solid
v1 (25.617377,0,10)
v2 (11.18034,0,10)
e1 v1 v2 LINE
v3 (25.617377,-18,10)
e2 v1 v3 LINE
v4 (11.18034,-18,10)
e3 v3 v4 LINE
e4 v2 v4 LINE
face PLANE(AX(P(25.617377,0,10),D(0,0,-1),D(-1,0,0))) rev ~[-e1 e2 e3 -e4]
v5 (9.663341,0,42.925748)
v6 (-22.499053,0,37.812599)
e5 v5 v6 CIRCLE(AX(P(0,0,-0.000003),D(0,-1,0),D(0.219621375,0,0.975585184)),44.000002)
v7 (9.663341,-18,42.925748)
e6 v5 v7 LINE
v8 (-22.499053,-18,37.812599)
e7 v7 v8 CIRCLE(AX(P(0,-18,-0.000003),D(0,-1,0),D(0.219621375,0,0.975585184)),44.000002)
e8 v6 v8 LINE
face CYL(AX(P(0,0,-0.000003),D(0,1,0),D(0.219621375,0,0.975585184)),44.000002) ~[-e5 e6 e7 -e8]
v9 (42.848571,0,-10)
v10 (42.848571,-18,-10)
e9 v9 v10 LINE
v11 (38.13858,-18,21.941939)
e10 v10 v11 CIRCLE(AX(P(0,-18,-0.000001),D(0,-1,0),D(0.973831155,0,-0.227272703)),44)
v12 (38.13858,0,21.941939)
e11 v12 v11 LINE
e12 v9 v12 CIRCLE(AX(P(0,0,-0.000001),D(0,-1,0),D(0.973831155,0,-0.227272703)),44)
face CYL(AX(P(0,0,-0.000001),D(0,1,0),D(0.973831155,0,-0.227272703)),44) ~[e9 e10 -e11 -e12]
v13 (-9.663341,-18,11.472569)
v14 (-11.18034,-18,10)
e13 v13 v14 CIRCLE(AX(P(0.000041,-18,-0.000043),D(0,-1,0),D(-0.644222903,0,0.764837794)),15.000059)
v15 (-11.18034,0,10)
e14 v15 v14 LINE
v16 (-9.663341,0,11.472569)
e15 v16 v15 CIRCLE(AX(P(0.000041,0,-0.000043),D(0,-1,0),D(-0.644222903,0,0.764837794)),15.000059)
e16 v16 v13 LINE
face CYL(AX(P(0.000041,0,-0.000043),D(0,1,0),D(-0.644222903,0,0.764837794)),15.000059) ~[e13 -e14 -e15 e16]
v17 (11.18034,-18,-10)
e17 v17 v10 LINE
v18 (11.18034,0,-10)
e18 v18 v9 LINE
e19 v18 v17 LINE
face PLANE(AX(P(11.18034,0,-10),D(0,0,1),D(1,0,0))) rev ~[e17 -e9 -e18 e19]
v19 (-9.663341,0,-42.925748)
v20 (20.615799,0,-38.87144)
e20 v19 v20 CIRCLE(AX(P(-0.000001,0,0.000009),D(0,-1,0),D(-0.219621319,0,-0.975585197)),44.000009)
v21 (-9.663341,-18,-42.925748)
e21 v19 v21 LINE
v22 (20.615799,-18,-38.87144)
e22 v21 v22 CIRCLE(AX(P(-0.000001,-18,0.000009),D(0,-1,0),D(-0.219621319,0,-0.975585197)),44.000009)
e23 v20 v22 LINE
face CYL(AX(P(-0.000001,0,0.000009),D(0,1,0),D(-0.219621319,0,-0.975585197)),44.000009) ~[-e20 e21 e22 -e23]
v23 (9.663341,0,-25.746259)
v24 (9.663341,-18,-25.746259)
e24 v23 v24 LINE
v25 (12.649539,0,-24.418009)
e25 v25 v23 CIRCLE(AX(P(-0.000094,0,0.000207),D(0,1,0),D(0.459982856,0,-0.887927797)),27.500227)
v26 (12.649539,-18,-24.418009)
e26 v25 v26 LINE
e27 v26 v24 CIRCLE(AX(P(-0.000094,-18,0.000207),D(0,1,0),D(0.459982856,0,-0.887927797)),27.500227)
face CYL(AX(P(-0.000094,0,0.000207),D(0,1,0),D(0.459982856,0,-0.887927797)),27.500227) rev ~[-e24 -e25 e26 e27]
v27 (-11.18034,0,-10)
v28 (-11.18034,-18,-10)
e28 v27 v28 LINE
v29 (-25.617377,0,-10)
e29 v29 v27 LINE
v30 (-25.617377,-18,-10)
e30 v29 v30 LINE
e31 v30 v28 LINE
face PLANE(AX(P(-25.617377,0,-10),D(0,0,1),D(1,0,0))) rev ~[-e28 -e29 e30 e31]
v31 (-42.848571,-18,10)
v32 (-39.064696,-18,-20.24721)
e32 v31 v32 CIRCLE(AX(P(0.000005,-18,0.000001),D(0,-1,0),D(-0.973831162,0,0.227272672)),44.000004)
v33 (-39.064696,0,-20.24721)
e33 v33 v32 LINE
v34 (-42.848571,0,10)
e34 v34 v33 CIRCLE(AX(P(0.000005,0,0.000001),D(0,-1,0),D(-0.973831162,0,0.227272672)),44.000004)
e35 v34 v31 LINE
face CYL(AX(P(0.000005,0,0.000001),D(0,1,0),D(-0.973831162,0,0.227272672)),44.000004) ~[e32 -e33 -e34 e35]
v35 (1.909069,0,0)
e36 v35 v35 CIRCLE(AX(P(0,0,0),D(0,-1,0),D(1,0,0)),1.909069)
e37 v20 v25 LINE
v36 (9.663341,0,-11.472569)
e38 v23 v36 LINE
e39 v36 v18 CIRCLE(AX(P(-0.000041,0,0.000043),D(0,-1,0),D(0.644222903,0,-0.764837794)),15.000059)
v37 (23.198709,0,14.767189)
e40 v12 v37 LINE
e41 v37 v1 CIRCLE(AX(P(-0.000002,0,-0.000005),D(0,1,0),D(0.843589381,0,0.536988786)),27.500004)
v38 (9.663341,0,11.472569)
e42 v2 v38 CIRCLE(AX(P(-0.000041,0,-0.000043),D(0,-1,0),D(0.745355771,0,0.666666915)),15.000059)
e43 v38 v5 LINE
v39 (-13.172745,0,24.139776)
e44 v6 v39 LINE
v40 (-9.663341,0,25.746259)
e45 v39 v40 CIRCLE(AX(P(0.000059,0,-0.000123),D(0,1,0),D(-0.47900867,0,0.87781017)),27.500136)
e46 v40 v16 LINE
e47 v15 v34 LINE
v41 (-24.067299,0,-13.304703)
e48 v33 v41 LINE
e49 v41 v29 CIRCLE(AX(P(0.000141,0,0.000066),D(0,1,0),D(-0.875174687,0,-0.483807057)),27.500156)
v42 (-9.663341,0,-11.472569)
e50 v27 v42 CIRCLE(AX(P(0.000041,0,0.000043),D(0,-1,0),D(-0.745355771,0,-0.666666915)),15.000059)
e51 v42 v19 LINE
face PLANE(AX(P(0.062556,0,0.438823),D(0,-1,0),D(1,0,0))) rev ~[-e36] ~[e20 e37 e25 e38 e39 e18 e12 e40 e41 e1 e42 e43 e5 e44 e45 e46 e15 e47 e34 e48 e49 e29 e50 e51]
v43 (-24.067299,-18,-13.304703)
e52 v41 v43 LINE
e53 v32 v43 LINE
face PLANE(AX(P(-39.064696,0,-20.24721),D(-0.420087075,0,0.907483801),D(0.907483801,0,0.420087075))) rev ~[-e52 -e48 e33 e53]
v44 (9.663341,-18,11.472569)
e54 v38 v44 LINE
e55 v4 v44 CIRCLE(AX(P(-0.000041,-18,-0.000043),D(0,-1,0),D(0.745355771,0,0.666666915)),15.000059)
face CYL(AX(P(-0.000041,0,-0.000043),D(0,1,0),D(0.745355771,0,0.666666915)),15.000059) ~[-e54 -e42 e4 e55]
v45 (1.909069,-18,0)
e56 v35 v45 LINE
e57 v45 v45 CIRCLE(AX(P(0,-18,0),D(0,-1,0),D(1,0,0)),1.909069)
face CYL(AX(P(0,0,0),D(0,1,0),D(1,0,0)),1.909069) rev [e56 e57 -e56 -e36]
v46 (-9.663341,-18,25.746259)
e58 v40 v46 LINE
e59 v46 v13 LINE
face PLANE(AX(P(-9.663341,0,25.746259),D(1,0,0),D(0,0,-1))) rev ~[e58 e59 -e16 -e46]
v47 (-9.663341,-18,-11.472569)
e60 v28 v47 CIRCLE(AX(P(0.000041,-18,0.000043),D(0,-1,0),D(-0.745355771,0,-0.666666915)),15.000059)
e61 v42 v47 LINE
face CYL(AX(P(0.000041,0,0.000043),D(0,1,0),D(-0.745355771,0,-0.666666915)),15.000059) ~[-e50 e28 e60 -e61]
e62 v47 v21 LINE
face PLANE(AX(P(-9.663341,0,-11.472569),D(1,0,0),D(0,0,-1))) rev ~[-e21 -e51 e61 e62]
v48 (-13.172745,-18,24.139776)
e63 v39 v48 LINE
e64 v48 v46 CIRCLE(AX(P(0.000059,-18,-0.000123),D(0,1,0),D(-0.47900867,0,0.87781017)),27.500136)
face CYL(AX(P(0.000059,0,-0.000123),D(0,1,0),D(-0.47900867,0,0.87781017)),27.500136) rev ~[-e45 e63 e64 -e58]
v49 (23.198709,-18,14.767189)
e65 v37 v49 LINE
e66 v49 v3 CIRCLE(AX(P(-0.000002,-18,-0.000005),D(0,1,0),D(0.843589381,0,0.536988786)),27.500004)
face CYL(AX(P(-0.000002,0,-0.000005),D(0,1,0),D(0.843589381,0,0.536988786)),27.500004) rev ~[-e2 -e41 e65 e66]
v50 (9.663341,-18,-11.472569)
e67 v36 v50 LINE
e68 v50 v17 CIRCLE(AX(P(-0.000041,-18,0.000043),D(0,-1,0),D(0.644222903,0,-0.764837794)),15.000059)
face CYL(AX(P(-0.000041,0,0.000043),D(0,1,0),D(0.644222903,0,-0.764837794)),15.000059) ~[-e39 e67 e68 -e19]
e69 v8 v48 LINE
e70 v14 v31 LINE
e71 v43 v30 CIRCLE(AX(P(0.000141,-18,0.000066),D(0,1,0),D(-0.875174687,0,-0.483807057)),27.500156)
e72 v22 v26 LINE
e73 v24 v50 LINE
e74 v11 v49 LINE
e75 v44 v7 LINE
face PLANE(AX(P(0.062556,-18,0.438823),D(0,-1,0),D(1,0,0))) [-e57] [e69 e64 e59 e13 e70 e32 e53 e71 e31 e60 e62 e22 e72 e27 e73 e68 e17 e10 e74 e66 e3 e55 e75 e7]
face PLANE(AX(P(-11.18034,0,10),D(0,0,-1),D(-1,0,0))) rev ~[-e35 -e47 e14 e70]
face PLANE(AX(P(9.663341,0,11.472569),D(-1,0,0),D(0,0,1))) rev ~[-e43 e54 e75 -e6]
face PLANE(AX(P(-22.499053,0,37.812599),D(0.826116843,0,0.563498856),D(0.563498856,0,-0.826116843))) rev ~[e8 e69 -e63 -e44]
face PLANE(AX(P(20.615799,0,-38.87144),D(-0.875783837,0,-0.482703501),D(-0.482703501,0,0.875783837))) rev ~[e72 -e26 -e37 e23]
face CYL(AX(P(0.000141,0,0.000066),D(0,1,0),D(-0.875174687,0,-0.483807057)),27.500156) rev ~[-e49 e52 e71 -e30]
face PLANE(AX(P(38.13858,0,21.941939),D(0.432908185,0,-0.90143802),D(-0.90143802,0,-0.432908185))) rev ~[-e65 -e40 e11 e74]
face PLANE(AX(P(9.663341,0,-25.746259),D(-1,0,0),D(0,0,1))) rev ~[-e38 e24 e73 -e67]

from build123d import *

# Parameters (mm, degrees)
F0_R     = 1.909069
F1_DEPTH = 18


with BuildPart() as f1:
    # F0 (on Front) → F1 (new body)
    with BuildSketch(Plane.XZ):
        with BuildLine():
            Line((-9.663341, 25.746259), (-9.663341, 11.472569))
            ThreePointArc((-9.663341, 11.472569), (-10.447817, 10.763044), (-11.18034, 10))
            Line((-11.18034, 10), (-42.848571, 10))
            ThreePointArc((-42.848571, 10), (-43.659698, -5.461754), (-39.064696, -20.24721))
            Line((-39.064696, -20.24721), (-24.067299, -13.304703))
            ThreePointArc((-24.067299, -13.304703), (-24.897229, -11.678098), (-25.617377, -10))
            Line((-25.617377, -10), (-11.18034, -10))
            ThreePointArc((-11.18034, -10), (-10.447817, -10.763044), (-9.663341, -11.472569))
            Line((-9.663341, -11.472569), (-9.663341, -42.925748))
            ThreePointArc((-9.663341, -42.925748), (5.839386, -43.610796), (20.615799, -38.87144))
            Line((20.615799, -38.87144), (12.649539, -24.418009))
            ThreePointArc((12.649539, -24.418009), (11.17619, -25.126535), (9.663341, -25.746259))
            Line((9.663341, -25.746259), (9.663341, -11.472569))
            ThreePointArc((9.663341, -11.472569), (10.447817, -10.763044), (11.18034, -10))
            Line((11.18034, -10), (42.848571, -10))
            ThreePointArc((42.848571, -10), (43.529318, 6.418604), (38.13858, 21.941939))
            Line((38.13858, 21.941939), (23.198709, 14.767189))
            ThreePointArc((23.198709, 14.767189), (24.524153, 12.442504), (25.617377, 10))
            Line((25.617377, 10), (11.18034, 10))
            ThreePointArc((11.18034, 10), (10.447817, 10.763044), (9.663341, 11.472569))
            Line((9.663341, 11.472569), (9.663341, 42.925748))
            ThreePointArc((9.663341, 42.925748), (-6.908324, 43.454287), (-22.499053, 37.812599))
            Line((-22.499053, 37.812599), (-13.172745, 24.139776))
            ThreePointArc((-13.172745, 24.139776), (-11.446262, 25.004661), (-9.663341, 25.746259))
        make_face()
        Circle(F0_R, mode=Mode.SUBTRACT)
    extrude(amount=F1_DEPTH)


solid = f1.part
